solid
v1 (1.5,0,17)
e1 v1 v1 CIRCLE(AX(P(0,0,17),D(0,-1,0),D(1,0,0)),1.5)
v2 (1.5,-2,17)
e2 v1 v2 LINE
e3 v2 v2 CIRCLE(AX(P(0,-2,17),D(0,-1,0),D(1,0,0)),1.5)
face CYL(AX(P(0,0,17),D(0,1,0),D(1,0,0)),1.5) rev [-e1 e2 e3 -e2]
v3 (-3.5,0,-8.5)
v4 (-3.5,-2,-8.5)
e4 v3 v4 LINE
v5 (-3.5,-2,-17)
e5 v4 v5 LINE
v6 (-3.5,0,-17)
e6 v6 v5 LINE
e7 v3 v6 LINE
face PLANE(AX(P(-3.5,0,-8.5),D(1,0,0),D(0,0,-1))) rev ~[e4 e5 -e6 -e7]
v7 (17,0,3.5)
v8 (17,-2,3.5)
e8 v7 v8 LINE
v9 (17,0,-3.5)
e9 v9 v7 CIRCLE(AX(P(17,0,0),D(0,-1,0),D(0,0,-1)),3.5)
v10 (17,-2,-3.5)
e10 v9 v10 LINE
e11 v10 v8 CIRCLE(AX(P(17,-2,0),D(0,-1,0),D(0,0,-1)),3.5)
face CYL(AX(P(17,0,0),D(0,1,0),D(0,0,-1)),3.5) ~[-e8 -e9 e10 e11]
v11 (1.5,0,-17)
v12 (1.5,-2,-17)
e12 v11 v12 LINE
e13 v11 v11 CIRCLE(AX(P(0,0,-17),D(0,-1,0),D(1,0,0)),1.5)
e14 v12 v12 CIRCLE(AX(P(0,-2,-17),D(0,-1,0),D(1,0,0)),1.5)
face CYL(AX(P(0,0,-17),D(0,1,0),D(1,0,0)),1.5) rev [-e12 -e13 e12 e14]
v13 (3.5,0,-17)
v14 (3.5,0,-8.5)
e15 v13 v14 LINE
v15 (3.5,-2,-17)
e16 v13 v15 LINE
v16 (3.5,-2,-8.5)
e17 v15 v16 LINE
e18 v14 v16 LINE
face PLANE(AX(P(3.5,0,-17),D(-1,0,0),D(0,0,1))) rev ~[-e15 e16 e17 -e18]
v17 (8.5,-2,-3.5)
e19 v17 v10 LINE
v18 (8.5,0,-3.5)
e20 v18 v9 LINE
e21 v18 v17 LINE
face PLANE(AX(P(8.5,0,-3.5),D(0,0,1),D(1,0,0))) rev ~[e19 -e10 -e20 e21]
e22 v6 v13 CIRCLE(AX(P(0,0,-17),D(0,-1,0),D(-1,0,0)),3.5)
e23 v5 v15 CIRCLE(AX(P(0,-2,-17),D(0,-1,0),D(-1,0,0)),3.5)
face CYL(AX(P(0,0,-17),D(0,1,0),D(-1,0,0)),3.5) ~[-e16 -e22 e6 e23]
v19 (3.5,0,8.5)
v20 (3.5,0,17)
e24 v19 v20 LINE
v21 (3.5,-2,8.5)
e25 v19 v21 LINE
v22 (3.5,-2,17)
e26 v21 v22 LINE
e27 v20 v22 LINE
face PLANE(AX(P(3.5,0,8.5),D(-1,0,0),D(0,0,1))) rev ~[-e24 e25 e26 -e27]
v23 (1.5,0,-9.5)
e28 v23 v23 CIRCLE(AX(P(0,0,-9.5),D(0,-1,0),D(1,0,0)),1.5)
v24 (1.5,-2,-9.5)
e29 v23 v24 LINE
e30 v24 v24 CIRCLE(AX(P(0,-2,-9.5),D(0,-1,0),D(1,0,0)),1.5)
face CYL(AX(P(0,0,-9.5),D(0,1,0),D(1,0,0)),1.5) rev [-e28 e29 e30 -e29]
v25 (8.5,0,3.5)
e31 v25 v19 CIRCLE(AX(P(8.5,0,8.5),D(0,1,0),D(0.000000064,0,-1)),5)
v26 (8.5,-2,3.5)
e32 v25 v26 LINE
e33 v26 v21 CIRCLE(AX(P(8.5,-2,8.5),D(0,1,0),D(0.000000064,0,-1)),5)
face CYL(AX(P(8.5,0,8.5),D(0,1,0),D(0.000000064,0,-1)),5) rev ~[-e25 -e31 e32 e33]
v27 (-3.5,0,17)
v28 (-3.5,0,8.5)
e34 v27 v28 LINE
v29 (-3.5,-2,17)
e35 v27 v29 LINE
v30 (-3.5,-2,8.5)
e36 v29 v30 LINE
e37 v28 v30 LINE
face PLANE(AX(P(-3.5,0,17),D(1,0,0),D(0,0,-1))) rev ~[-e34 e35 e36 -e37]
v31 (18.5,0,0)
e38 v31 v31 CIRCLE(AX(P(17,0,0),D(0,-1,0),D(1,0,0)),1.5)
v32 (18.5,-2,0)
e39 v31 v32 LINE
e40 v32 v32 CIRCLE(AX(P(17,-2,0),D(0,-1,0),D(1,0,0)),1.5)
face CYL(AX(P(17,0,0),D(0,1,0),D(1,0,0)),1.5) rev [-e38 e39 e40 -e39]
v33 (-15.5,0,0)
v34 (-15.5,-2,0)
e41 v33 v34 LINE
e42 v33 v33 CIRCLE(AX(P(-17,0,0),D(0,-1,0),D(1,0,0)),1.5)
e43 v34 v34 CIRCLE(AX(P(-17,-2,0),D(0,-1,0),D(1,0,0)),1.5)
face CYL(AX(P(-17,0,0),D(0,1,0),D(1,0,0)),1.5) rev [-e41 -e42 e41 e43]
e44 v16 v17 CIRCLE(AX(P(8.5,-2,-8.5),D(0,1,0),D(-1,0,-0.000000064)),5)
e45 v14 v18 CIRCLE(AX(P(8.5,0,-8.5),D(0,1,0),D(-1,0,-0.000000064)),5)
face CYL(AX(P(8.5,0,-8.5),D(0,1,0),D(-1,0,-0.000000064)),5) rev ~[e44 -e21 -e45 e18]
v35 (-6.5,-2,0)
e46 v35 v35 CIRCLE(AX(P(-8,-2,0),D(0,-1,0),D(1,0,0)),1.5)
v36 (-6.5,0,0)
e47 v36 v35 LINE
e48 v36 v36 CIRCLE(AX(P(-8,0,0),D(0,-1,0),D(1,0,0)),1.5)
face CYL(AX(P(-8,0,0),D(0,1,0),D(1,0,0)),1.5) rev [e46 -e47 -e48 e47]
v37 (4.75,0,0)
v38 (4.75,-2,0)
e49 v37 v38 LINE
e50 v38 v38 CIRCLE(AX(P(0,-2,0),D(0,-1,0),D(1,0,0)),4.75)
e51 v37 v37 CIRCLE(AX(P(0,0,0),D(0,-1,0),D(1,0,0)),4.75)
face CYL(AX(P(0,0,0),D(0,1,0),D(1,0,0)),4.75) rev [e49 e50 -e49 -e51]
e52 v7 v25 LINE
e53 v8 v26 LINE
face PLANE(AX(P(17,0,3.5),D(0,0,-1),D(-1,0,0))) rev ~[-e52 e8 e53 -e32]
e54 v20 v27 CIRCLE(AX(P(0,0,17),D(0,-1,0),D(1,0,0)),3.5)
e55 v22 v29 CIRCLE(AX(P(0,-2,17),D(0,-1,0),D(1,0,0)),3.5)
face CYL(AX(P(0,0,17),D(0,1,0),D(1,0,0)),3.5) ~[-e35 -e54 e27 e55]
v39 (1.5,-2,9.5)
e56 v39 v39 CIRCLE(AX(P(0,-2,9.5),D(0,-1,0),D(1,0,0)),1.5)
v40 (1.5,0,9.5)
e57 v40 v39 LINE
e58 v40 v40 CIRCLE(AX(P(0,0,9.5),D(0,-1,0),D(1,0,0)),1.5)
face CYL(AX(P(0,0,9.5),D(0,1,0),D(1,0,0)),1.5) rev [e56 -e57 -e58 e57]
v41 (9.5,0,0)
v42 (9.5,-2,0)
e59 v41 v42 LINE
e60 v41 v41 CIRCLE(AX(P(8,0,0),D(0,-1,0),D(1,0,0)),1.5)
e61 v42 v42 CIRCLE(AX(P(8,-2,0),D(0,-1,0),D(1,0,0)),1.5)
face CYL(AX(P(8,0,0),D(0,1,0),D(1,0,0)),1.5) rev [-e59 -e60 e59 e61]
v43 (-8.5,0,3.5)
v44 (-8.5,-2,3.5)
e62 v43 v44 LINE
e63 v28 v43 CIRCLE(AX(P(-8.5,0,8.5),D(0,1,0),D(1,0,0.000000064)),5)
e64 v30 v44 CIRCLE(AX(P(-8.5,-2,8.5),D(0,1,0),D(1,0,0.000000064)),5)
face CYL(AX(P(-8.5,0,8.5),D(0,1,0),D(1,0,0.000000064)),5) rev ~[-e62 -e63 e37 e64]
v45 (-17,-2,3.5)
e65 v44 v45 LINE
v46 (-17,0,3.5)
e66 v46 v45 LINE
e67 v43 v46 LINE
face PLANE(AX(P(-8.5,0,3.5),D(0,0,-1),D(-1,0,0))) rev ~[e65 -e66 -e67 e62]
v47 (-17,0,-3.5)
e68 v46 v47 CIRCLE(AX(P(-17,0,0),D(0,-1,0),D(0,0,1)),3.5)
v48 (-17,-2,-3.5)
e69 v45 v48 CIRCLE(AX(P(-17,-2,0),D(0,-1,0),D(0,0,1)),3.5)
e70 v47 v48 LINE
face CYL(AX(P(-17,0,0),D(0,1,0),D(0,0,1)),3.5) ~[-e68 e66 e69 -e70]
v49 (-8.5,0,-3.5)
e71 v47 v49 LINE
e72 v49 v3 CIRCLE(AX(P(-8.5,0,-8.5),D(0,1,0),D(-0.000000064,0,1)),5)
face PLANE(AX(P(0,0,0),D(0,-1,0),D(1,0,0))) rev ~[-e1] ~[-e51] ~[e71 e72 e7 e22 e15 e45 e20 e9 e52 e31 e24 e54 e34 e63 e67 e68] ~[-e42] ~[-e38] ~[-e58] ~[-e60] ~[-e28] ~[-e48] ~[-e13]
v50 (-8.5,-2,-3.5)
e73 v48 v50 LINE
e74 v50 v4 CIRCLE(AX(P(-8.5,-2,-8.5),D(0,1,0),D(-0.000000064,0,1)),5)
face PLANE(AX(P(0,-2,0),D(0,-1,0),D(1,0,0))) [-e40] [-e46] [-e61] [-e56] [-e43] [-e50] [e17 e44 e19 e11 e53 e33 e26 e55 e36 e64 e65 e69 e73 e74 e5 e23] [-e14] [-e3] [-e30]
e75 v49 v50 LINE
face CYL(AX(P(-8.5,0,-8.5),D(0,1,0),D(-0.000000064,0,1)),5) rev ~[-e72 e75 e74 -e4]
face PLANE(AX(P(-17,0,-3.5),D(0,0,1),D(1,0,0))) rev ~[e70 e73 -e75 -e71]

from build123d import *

# Parameters (mm, degrees)
F0_R     = 1.5
F0_R_2   = 4.75
F1_DEPTH = 2


with BuildPart() as f1:
    # F0 (on Front) → F1 (new body)
    with BuildSketch(Plane.XZ):
        with BuildLine():
            Line((-8.5, 3.5), (-17, 3.5))
            ThreePointArc((-17, 3.5), (-20.5, 0), (-17, -3.5))
            Line((-17, -3.5), (-8.5, -3.5))
            ThreePointArc((-8.5, -3.5), (-4.964466, -4.964466), (-3.5, -8.5))
            Line((-3.5, -8.5), (-3.5, -17))
            ThreePointArc((-3.5, -17), (0, -20.5), (3.5, -17))
            Line((3.5, -17), (3.5, -8.5))
            ThreePointArc((3.5, -8.5), (4.964466, -4.964466), (8.5, -3.5))
            Line((8.5, -3.5), (17, -3.5))
            ThreePointArc((17, -3.5), (20.5, 0), (17, 3.5))
            Line((17, 3.5), (8.5, 3.5))
            ThreePointArc((8.5, 3.5), (4.964466, 4.964466), (3.5, 8.5))
            Line((3.5, 8.5), (3.5, 17))
            ThreePointArc((3.5, 17), (0, 20.5), (-3.5, 17))
            Line((-3.5, 17), (-3.5, 8.5))
            ThreePointArc((-3.5, 8.5), (-4.964466, 4.964466), (-8.5, 3.5))
        make_face()
        with Locations((0, -17)):
            Circle(F0_R, mode=Mode.SUBTRACT)
        with Locations((0, -9.5)):
            Circle(F0_R, mode=Mode.SUBTRACT)
        with Locations((-17, 0)):
            Circle(F0_R, mode=Mode.SUBTRACT)
        with Locations((-8, 0)):
            Circle(F0_R, mode=Mode.SUBTRACT)
        Circle(F0_R_2, mode=Mode.SUBTRACT)
        with Locations((8, 0)):
            Circle(F0_R, mode=Mode.SUBTRACT)
        with Locations((0, 9.5)):
            Circle(F0_R, mode=Mode.SUBTRACT)
        with Locations((17, 0)):
            Circle(F0_R, mode=Mode.SUBTRACT)
        with Locations((0, 17)):
            Circle(F0_R, mode=Mode.SUBTRACT)
    extrude(amount=F1_DEPTH)


solid = f1.part
